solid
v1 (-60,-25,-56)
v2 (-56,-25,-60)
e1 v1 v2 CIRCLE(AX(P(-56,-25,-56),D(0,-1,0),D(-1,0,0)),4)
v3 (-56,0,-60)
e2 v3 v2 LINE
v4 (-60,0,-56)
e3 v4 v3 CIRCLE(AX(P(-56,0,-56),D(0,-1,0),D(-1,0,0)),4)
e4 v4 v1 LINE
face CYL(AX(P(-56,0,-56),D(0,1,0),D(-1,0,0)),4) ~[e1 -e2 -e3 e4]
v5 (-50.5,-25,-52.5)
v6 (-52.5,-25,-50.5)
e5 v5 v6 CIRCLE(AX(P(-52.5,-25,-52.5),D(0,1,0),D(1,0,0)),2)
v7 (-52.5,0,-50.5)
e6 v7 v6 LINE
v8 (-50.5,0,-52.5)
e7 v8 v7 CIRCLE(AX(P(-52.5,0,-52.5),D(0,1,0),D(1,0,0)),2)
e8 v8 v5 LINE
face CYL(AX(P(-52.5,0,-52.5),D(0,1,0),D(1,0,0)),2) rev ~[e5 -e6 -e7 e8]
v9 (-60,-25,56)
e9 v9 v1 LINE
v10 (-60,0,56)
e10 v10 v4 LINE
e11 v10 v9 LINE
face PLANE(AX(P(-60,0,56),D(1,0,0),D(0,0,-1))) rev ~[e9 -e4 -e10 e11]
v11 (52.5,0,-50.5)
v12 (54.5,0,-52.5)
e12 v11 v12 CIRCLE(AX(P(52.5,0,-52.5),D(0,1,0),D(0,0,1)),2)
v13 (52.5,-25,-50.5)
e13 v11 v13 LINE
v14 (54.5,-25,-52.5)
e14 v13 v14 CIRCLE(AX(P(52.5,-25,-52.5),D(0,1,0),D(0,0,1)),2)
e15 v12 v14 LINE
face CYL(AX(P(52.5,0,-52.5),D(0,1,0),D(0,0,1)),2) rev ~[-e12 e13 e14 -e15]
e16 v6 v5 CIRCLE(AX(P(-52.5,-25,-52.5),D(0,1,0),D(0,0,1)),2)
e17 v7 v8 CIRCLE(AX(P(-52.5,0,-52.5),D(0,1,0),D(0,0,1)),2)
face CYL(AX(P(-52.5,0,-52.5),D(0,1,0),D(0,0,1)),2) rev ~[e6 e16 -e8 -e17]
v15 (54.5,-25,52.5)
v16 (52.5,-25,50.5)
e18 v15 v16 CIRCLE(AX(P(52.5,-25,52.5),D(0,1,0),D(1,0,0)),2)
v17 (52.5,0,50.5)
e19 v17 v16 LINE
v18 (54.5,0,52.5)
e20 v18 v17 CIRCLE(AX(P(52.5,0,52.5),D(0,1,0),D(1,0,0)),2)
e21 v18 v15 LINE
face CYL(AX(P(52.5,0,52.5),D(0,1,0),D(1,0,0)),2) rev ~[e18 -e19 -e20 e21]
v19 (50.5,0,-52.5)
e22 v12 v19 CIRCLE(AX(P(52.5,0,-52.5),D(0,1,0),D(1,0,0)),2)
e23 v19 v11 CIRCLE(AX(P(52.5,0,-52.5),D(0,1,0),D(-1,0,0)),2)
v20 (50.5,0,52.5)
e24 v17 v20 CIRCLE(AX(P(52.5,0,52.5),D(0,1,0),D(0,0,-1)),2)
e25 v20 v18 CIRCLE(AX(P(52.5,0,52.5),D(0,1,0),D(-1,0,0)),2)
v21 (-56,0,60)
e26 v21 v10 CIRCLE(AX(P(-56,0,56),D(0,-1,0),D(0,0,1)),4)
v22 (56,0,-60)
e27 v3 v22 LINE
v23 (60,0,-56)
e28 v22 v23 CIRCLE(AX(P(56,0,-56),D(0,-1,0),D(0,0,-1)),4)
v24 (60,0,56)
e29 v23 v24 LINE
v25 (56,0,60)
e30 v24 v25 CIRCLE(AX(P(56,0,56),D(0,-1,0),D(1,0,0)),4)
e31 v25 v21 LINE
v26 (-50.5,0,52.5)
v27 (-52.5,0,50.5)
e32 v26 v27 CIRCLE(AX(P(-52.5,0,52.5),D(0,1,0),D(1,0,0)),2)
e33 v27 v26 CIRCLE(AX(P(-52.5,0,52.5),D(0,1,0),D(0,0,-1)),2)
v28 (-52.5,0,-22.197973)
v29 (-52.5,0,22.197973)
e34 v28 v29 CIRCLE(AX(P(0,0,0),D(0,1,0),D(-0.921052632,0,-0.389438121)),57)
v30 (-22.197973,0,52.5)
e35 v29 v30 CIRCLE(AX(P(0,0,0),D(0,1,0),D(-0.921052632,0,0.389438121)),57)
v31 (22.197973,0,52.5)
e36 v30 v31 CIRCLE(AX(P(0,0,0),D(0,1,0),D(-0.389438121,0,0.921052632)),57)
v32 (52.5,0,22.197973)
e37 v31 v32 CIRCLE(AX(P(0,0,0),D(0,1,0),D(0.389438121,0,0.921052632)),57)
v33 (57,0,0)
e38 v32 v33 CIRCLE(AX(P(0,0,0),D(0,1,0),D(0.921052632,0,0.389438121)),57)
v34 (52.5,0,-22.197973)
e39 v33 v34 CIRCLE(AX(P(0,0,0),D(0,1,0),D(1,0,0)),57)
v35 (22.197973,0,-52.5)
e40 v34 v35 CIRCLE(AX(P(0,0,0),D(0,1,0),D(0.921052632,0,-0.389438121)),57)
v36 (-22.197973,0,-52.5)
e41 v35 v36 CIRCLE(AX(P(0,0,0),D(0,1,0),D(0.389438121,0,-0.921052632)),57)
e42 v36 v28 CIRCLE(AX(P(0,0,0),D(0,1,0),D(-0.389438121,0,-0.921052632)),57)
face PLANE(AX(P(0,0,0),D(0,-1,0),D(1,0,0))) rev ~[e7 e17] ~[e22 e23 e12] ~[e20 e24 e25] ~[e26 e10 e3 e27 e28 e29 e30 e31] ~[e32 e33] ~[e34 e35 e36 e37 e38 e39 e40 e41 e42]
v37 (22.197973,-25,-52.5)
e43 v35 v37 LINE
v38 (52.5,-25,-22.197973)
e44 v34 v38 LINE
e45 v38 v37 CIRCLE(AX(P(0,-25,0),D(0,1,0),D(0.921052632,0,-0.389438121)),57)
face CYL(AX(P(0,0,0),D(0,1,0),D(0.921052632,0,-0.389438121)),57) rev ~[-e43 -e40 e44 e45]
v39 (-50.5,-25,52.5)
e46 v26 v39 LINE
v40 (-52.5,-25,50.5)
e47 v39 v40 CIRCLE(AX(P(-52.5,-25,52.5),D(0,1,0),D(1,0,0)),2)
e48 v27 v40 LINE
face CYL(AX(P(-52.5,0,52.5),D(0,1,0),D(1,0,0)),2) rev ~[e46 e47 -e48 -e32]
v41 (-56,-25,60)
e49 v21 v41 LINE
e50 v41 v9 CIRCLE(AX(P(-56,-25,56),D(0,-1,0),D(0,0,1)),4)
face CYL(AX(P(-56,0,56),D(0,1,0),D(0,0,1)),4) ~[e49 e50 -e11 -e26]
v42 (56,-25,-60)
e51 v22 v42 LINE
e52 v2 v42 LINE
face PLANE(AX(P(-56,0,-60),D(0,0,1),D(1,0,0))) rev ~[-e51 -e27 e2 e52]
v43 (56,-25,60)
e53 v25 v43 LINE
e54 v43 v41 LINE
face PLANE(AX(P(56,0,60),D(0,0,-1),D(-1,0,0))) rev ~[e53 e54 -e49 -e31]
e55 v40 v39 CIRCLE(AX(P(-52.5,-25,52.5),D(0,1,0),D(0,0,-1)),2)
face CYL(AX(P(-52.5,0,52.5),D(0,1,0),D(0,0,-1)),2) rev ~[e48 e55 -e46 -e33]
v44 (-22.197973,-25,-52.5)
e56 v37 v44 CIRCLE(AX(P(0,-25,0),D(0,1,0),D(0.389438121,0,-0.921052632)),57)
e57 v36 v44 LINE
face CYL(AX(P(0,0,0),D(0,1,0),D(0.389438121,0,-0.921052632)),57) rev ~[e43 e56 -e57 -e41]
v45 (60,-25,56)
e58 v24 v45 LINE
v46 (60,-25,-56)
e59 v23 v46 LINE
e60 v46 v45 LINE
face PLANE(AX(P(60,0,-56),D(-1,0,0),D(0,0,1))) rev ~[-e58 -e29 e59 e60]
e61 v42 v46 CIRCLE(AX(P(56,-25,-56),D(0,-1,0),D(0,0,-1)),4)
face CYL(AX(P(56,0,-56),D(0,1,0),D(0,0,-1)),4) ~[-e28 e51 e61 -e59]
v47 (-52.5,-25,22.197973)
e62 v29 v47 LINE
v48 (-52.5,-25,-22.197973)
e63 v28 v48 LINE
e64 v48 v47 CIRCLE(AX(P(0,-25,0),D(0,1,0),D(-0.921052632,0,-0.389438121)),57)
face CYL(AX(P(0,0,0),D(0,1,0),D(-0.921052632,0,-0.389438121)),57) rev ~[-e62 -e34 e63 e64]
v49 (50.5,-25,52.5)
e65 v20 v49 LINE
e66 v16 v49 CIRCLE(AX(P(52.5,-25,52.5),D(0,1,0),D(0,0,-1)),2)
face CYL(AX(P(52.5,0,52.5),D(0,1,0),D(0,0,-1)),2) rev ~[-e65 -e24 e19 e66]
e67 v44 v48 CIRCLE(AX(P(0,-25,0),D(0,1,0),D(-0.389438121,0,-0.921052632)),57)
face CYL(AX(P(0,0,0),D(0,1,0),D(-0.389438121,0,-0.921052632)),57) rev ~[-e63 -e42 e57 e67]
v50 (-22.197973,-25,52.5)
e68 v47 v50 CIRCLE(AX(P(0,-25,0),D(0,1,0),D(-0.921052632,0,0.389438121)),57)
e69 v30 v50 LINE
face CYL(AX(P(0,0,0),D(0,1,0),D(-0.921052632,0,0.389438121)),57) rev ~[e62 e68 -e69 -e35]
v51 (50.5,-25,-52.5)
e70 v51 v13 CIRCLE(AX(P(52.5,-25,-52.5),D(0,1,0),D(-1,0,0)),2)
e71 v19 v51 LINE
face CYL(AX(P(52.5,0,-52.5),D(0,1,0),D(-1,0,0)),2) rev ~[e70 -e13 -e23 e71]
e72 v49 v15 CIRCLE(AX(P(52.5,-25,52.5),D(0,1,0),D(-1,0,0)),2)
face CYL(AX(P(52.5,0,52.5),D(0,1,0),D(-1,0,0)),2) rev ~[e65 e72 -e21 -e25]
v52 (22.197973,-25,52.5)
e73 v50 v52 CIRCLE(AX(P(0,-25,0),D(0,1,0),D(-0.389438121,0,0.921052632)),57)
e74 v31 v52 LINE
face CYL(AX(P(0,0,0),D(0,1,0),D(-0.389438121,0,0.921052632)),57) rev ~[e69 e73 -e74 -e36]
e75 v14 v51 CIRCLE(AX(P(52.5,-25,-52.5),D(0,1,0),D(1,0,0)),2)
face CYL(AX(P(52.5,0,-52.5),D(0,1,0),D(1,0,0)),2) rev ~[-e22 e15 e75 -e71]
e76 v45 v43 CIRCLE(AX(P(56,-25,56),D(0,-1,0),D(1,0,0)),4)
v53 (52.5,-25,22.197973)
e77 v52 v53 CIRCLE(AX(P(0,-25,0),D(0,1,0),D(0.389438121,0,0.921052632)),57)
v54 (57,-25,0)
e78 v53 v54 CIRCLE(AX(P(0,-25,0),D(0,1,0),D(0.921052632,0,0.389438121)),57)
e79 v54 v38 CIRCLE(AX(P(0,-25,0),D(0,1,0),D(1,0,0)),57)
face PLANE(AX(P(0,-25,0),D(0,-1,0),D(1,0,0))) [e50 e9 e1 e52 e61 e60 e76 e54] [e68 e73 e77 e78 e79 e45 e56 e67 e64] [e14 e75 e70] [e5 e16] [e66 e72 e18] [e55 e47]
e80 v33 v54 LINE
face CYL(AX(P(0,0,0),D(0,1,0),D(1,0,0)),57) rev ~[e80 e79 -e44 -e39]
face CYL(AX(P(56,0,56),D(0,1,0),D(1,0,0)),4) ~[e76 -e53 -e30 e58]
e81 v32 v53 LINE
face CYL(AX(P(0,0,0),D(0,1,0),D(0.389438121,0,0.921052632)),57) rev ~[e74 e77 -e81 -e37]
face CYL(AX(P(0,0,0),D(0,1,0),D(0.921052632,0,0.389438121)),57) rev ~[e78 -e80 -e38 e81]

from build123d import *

# Parameters (mm, degrees)
F1_DEPTH = 25


with BuildPart() as f1:
    # F0 (on Front) → F1 (new body)
    with BuildSketch(Plane.XZ):
        with BuildLine():
            Line((-56, -60), (56, -60))
            ThreePointArc((56, -60), (58.8284271247, -58.8284271247), (60, -56))
            Line((60, -56), (60, 56))
            ThreePointArc((60, 56), (58.8284271247, 58.8284271247), (56, 60))
            Line((56, 60), (-56, 60))
            ThreePointArc((-56, 60), (-58.8284271247, 58.8284271247), (-60, 56))
            Line((-60, 56), (-60, -56))
            ThreePointArc((-60, -56), (-58.8284271247, -58.8284271247), (-56, -60))
        make_face()
        with BuildLine():
            ThreePointArc((52.5, 22.1979728804), (55.8636733486, 11.3247516529), (57, 0))
            ThreePointArc((57, 0), (55.8636733486, -11.3247516529), (52.5, -22.1979728804))
            Line((52.5, -22.1979728804), (52.5, -50.5))
            ThreePointArc((52.5, -50.5), (53.9142135624, -51.0857864376), (54.5, -52.5))
            ThreePointArc((54.5, -52.5), (52.5, -54.5), (50.5, -52.5))
            Line((50.5, -52.5), (22.1979728804, -52.5))
            ThreePointArc((22.1979728804, -52.5), (0, -57), (-22.1979728804, -52.5))
            Line((-22.1979728804, -52.5), (-50.5, -52.5))
            ThreePointArc((-50.5, -52.5), (-53.9142135624, -53.9142135624), (-52.5, -50.5))
            Line((-52.5, -50.5), (-52.5, -22.1979728804))
            ThreePointArc((-52.5, -22.1979728804), (-57, 0), (-52.5, 22.1979728804))
            Line((-52.5, 22.1979728804), (-52.5, 50.5))
            ThreePointArc((-52.5, 50.5), (-53.9142135624, 53.9142135624), (-50.5, 52.5))
            Line((-50.5, 52.5), (-22.1979728804, 52.5))
            ThreePointArc((-22.1979728804, 52.5), (0, 57), (22.1979728804, 52.5))
            Line((22.1979728804, 52.5), (50.5, 52.5))
            ThreePointArc((50.5, 52.5), (52.5, 54.5), (54.5, 52.5))
            ThreePointArc((54.5, 52.5), (53.9142135624, 51.0857864376), (52.5, 50.5))
            Line((52.5, 50.5), (52.5, 22.1979728804))
        make_face(mode=Mode.SUBTRACT)
        with BuildLine():
            ThreePointArc((-52.5, 22.1979728804), (-40.3050865276, 40.3050865276), (-22.1979728804, 52.5))
            Line((-22.1979728804, 52.5), (-50.5, 52.5))
            ThreePointArc((-50.5, 52.5), (-51.0857864376, 51.0857864376), (-52.5, 50.5))
            Line((-52.5, 50.5), (-52.5, 22.1979728804))
        make_face()
        with BuildLine():
            ThreePointArc((22.1979728804, 52.5), (40.3050865276, 40.3050865276), (52.5, 22.1979728804))
            Line((52.5, 22.1979728804), (52.5, 50.5))
            ThreePointArc((52.5, 50.5), (51.0857864376, 51.0857864376), (50.5, 52.5))
            Line((50.5, 52.5), (22.1979728804, 52.5))
        make_face()
        with BuildLine():
            Line((52.5, -50.5), (52.5, -22.1979728804))
            ThreePointArc((52.5, -22.1979728804), (40.3050865276, -40.3050865276), (22.1979728804, -52.5))
            Line((22.1979728804, -52.5), (50.5, -52.5))
            ThreePointArc((50.5, -52.5), (51.0857864376, -51.0857864376), (52.5, -50.5))
        make_face()
        with BuildLine():
            Line((-50.5, -52.5), (-22.1979728804, -52.5))
            ThreePointArc((-22.1979728804, -52.5), (-40.3050865276, -40.3050865276), (-52.5, -22.1979728804))
            Line((-52.5, -22.1979728804), (-52.5, -50.5))
            ThreePointArc((-52.5, -50.5), (-51.0857864376, -51.0857864376), (-50.5, -52.5))
        make_face()
    extrude(amount=F1_DEPTH)


solid = f1.part
